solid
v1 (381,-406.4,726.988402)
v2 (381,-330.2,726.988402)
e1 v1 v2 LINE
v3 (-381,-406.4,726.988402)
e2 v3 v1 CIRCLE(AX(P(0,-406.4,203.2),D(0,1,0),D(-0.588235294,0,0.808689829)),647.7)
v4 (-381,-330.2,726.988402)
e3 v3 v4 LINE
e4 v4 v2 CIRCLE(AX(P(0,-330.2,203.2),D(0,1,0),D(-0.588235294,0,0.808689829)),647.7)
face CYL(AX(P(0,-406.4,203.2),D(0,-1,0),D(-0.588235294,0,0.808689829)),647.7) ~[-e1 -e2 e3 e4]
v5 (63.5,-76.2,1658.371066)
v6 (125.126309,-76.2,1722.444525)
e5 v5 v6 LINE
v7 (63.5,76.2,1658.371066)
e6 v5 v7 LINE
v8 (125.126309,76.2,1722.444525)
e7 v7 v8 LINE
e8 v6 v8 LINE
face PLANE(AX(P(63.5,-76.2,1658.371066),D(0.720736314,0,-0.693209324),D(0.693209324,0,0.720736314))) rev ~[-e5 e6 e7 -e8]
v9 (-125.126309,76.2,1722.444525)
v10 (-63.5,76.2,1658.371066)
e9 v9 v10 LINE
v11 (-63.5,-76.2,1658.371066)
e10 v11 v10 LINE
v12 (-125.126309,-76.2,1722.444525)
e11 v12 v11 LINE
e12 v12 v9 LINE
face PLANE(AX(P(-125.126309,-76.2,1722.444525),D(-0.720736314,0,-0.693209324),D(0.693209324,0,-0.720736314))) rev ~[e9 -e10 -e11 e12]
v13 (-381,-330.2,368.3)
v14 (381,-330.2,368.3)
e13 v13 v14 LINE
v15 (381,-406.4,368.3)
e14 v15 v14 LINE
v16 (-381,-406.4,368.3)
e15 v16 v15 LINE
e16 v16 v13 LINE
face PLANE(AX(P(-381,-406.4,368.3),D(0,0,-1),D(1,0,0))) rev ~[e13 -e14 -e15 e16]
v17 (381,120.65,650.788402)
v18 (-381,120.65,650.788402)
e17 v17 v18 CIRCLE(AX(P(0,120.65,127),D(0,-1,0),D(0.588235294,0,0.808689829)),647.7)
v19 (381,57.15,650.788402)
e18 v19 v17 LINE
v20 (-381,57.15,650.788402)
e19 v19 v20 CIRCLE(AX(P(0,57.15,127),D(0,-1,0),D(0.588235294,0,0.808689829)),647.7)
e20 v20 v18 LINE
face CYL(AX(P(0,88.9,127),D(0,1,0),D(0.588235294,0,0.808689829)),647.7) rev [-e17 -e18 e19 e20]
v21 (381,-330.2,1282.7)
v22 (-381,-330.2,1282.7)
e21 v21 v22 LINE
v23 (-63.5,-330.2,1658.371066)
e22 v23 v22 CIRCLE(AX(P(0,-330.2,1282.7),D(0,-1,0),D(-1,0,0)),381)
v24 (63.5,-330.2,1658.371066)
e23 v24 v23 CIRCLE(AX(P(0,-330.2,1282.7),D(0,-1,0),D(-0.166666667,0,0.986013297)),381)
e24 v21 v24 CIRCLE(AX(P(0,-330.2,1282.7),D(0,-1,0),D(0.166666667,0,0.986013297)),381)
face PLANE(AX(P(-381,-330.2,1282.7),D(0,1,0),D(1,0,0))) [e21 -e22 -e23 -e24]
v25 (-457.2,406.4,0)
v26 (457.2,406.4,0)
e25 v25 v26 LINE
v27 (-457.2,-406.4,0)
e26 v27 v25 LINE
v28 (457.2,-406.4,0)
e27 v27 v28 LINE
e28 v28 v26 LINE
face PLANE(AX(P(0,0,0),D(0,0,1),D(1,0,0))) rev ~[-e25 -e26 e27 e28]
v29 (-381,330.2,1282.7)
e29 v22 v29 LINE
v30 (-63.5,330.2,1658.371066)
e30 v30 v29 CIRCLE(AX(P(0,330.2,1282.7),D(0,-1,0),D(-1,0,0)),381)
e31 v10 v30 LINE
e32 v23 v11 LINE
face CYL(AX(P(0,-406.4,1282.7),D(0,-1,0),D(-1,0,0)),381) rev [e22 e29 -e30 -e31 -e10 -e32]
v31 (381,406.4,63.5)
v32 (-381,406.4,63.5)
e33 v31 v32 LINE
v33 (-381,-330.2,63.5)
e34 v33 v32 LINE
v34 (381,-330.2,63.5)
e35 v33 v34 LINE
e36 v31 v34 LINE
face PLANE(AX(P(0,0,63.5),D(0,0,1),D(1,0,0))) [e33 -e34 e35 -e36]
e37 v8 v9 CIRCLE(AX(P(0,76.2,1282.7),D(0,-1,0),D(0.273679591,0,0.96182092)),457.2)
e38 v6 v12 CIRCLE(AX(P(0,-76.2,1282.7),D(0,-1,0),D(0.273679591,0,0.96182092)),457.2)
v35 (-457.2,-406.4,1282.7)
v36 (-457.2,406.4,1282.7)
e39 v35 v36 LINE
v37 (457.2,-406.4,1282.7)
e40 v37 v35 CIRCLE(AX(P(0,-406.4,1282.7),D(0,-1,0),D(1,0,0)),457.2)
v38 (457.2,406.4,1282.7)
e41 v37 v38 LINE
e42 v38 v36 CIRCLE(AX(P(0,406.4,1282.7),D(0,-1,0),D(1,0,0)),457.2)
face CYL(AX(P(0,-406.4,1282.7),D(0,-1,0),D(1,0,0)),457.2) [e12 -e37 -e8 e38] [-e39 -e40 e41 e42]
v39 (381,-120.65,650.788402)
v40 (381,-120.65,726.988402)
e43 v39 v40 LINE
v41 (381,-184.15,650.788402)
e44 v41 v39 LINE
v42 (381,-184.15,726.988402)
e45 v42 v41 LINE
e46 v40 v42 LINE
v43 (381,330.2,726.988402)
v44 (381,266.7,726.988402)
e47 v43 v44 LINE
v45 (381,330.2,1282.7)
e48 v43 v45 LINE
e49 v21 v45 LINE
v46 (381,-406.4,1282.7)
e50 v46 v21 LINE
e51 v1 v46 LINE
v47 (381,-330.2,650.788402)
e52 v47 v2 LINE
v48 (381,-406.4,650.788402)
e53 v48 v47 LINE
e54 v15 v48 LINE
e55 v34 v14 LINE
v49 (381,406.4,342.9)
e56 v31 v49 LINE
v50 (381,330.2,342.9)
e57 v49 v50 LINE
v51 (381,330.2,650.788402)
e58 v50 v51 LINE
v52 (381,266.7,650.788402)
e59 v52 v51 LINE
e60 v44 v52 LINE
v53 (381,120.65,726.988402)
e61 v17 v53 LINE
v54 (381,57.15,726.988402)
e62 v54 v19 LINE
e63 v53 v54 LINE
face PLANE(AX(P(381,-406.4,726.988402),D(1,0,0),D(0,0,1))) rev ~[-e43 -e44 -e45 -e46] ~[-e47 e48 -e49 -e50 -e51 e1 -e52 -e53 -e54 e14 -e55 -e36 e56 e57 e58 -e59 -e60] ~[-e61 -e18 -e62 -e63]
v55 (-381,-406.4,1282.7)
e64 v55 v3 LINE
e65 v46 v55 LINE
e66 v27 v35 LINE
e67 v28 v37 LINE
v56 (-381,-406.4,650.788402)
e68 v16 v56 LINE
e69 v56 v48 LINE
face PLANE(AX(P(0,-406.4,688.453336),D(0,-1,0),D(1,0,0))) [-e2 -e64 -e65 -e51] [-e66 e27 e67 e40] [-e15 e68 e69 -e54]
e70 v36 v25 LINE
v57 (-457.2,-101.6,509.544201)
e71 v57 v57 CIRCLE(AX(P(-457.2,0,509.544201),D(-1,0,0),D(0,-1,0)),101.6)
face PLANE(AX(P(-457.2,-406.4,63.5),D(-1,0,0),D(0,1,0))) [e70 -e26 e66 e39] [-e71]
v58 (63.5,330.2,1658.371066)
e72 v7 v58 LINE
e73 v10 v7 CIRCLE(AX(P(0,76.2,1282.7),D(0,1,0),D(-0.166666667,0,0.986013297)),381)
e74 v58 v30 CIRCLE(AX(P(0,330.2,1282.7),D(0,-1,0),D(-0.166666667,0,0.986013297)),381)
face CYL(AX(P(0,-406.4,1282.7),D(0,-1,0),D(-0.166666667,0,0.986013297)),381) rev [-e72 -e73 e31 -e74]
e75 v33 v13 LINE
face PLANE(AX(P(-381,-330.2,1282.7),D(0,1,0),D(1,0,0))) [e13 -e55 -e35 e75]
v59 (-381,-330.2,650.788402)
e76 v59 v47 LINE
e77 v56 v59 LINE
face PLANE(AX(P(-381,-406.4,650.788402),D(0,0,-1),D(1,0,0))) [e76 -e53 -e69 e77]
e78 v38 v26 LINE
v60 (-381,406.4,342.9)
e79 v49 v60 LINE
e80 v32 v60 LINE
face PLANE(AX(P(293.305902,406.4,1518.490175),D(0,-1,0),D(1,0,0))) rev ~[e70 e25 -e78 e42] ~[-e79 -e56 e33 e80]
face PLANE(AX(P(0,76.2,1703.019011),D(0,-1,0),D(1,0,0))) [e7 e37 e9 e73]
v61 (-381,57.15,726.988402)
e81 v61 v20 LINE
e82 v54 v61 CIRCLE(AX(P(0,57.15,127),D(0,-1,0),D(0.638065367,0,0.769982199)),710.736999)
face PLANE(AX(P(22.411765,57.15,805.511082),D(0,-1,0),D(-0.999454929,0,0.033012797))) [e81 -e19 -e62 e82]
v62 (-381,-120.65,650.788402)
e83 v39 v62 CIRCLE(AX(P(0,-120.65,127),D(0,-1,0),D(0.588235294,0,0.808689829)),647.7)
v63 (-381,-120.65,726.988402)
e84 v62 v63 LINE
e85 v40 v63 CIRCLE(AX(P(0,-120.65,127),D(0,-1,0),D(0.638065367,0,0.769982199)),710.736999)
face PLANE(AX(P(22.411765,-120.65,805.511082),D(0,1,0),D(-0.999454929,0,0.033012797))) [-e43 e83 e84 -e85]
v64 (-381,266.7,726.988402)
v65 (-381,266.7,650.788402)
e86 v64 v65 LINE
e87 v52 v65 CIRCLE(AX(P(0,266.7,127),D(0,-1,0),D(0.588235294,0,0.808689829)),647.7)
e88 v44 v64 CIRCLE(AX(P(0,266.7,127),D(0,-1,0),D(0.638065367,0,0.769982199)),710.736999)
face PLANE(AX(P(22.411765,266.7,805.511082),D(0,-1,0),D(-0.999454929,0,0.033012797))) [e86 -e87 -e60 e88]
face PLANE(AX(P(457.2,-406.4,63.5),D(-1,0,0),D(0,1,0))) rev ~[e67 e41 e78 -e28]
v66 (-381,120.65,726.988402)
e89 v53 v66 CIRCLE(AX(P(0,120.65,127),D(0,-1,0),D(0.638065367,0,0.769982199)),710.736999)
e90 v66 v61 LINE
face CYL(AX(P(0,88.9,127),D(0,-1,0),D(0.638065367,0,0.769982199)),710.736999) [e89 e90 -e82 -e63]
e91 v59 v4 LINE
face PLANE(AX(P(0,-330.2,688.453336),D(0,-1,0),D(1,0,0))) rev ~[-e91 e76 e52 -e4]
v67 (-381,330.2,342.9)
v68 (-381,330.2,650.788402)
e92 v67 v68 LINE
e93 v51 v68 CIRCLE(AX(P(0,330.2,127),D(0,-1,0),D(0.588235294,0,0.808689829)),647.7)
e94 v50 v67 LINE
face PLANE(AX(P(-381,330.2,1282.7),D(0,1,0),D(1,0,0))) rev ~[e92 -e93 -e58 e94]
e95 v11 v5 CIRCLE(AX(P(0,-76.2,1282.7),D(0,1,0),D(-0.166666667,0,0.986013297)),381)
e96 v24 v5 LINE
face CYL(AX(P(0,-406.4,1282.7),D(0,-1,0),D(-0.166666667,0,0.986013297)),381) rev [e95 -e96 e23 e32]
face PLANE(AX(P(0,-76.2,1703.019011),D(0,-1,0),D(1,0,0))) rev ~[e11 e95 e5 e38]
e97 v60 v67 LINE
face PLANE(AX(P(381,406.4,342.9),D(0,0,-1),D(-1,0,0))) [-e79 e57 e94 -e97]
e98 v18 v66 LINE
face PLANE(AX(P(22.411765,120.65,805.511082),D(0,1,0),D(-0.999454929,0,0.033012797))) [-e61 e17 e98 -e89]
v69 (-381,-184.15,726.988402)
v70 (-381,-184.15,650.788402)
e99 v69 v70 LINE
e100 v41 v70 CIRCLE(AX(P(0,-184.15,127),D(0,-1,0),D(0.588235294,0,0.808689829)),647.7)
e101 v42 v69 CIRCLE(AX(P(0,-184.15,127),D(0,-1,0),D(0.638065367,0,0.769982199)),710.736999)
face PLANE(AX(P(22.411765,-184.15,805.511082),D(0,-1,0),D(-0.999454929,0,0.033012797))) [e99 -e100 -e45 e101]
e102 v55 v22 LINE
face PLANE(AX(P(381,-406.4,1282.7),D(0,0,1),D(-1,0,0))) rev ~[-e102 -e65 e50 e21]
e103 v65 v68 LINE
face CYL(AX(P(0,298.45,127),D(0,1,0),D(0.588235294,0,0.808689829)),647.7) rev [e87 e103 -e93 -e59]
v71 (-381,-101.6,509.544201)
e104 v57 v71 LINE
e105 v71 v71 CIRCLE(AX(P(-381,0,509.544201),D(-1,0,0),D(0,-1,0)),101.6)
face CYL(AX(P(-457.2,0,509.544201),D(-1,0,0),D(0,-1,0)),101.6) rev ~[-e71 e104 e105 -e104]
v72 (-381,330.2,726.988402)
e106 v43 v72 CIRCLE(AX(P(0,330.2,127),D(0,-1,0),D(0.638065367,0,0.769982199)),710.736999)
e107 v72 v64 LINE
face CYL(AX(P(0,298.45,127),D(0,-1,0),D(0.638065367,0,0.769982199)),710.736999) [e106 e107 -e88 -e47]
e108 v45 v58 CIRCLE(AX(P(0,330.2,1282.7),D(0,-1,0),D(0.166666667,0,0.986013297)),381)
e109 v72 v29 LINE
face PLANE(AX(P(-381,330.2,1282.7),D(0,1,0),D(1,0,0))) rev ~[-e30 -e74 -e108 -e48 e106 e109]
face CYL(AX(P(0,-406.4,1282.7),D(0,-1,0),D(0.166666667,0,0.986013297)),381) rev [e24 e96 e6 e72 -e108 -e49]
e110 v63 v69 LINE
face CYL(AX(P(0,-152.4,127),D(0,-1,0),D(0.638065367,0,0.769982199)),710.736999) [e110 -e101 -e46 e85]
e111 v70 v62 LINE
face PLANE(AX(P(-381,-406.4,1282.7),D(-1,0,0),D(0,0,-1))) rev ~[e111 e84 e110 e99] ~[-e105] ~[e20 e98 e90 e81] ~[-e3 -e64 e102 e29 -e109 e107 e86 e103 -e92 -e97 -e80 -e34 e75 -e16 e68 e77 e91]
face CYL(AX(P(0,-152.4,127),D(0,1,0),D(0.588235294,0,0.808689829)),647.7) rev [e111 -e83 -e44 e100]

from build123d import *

# Parameters (mm, degrees)
F0_W      = 914.4
F0_H      = 812.8
F0_W_2    = 762
F0_H_2    = 609.6
F1_DEPTH  = 63.5
F2_W      = 914.4
F2_H      = 812.8
F2_W_2    = 762
F2_H_2    = 660.4
F3_DEPTH  = 1219.2
F5_DEPTH  = 812.8
F5_FACE_W = 762
F5_FACE_H = 76.2
F7_W      = 762
F7_H      = 282.4884019335
F9_DEPTH  = 76.2
F10_W     = 63.5
F10_H     = 76.2
F12_W     = 762
F12_H     = 279.4
F13_DEPTH = 88.9
F14_START = -330.2
F14_DEPTH = 152.4
F15_R     = 101.6
F16_DEPTH = 76.2
F17_DEPTH = 76.2


with BuildPart() as f1:
    # F0 (on Top) → F1 (new body)
    with BuildSketch(Plane.XY):
        Rectangle(F0_W, F0_H)
        Rectangle(F0_W_2, F0_H_2, mode=Mode.SUBTRACT)
        Rectangle(F0_W_2, F0_H_2)
    extrude(amount=F1_DEPTH)

    # F2 (on face) → F3 (join)
    with BuildSketch(Plane.XY.offset(63.5)):
        Rectangle(F2_W, F2_H)
        Rectangle(F2_W_2, F2_H_2, mode=Mode.SUBTRACT)
    extrude(amount=F3_DEPTH)

    # F4 (on face) → F5 (join, through all)
    with BuildSketch(Plane.XZ.offset(406.4)):
        with BuildLine():
            Line((381, 1282.7), (457.2, 1282.7))
            ThreePointArc((457.2, 1282.7), (364.8558540126, 1558.2214071405), (125.1263088683, 1722.4445245014))
            Line((125.1263088683, 1722.4445245014), (63.5, 1658.3710662268))
            ThreePointArc((63.5, 1658.3710662268), (290.9935566297, 1528.6344424842), (381, 1282.7))
        make_face()
        with BuildLine():
            ThreePointArc((-125.1263088683, 1722.4445245014), (-364.8558540126, 1558.2214071405), (-457.2, 1282.7))
            Line((-457.2, 1282.7), (-381, 1282.7))
            ThreePointArc((-381, 1282.7), (-290.9935566297, 1528.6344424842), (-63.5, 1658.3710662268))
            Line((-63.5, 1658.3710662268), (-125.1263088683, 1722.4445245014))
        make_face()
        with BuildLine():
            Line((63.5, 1658.3710662268), (125.1263088683, 1722.4445245014))
            ThreePointArc((125.1263088683, 1722.4445245014), (0, 1739.9), (-125.1263088683, 1722.4445245014))
            Line((-125.1263088683, 1722.4445245014), (-63.5, 1658.3710662268))
            ThreePointArc((-63.5, 1658.3710662268), (0, 1663.7), (63.5, 1658.3710662268))
        make_face()
    extrude(amount=-F5_DEPTH)

    # F5_face (on face) → F6 (join, up to the next surface of F1)
    with BuildSketch(Plane(origin=(0, 368.3, 1282.7), x_dir=(1, 0, 0), z_dir=(0, 0, 1))):
        Rectangle(F5_FACE_W, F5_FACE_H)
    extrude(until=Until.NEXT)

    # F5_face (on face) → F8 (join, up to the next surface of F1)
    with BuildSketch(Plane(origin=(0, 368.3, 1282.7), x_dir=(1, 0, 0), z_dir=(0, 0, 1))):
        with Locations((0, -736.6)):
            Rectangle(F5_FACE_W, F5_FACE_H)
    extrude(until=Until.NEXT)

    # F7 (on face) → F9 (cut, through all)
    with BuildSketch(Plane.XZ.offset(406.4)):
        with BuildLine():
            Line((381, 1282.7), (-381, 1282.7))
            Line((-381, 1282.7), (-381, 726.9884019335))
            ThreePointArc((-381, 726.9884019335), (0, 850.9), (381, 726.9884019335))
            Line((381, 726.9884019335), (381, 1282.7))
        make_face()
        with BuildLine():
            ThreePointArc((381, 650.7884019335), (0, 774.7), (-381, 650.7884019335))
            Line((-381, 650.7884019335), (381, 650.7884019335))
        make_face()
        with Locations((0, 509.5442009667)):
            Rectangle(F7_W, F7_H)
    extrude(amount=-F9_DEPTH, mode=Mode.SUBTRACT)

    # F11: sweep along a path in F7
    with BuildLine(Plane.XZ.offset(406.4)) as f11_path:
        ThreePointArc((381, 650.7884019335), (0, 774.7), (-381, 650.7884019335))
    # F10 (on face) → F11 (sweep)
    with BuildSketch(Plane.YZ.offset(-381)):
        with Locations((-152.4, 688.8884019335)):
            Rectangle(F10_W, F10_H)
        with Locations((88.9, 688.8884019335)):
            Rectangle(F10_W, F10_H)
        with Locations((298.45, 688.8884019335)):
            Rectangle(F10_W, F10_H)
    sweep(path=f11_path.line)

    # F12 (on face) → F13 (cut)
    with BuildSketch(Plane(origin=(0, 406.4, 0), x_dir=(-1, 0, 0), z_dir=(0, 1, 0))):
        with Locations((0, 203.2)):
            Rectangle(F12_W, F12_H)
    extrude(amount=-F13_DEPTH, mode=Mode.SUBTRACT)

    # F4 (on face) → F14 (cut)
    with BuildSketch(Plane.XZ.offset(406.4).offset(F14_START)):
        with BuildLine():
            Line((63.5, 1658.3710662268), (125.1263088683, 1722.4445245014))
            ThreePointArc((125.1263088683, 1722.4445245014), (0, 1739.9), (-125.1263088683, 1722.4445245014))
            Line((-125.1263088683, 1722.4445245014), (-63.5, 1658.3710662268))
            ThreePointArc((-63.5, 1658.3710662268), (0, 1663.7), (63.5, 1658.3710662268))
        make_face()
    extrude(amount=-F14_DEPTH, mode=Mode.SUBTRACT)

    # F15 (on face) → F16 (cut, through all)
    with BuildSketch(Plane(origin=(-457.2, 0, 0), x_dir=(0, -1, 0), z_dir=(-1, 0, 0))):
        with Locations((0, 509.5442009667)):
            Circle(F15_R)
    extrude(amount=-F16_DEPTH, mode=Mode.SUBTRACT)

    # F7 (on face) → F17 (join, through all)
    with BuildSketch(Plane.XZ.offset(406.4)):
        with BuildLine():
            ThreePointArc((381, 650.7884019335), (0, 774.7), (-381, 650.7884019335))
            Line((-381, 650.7884019335), (381, 650.7884019335))
        make_face()
    extrude(amount=-F17_DEPTH)


solid = f1.part
